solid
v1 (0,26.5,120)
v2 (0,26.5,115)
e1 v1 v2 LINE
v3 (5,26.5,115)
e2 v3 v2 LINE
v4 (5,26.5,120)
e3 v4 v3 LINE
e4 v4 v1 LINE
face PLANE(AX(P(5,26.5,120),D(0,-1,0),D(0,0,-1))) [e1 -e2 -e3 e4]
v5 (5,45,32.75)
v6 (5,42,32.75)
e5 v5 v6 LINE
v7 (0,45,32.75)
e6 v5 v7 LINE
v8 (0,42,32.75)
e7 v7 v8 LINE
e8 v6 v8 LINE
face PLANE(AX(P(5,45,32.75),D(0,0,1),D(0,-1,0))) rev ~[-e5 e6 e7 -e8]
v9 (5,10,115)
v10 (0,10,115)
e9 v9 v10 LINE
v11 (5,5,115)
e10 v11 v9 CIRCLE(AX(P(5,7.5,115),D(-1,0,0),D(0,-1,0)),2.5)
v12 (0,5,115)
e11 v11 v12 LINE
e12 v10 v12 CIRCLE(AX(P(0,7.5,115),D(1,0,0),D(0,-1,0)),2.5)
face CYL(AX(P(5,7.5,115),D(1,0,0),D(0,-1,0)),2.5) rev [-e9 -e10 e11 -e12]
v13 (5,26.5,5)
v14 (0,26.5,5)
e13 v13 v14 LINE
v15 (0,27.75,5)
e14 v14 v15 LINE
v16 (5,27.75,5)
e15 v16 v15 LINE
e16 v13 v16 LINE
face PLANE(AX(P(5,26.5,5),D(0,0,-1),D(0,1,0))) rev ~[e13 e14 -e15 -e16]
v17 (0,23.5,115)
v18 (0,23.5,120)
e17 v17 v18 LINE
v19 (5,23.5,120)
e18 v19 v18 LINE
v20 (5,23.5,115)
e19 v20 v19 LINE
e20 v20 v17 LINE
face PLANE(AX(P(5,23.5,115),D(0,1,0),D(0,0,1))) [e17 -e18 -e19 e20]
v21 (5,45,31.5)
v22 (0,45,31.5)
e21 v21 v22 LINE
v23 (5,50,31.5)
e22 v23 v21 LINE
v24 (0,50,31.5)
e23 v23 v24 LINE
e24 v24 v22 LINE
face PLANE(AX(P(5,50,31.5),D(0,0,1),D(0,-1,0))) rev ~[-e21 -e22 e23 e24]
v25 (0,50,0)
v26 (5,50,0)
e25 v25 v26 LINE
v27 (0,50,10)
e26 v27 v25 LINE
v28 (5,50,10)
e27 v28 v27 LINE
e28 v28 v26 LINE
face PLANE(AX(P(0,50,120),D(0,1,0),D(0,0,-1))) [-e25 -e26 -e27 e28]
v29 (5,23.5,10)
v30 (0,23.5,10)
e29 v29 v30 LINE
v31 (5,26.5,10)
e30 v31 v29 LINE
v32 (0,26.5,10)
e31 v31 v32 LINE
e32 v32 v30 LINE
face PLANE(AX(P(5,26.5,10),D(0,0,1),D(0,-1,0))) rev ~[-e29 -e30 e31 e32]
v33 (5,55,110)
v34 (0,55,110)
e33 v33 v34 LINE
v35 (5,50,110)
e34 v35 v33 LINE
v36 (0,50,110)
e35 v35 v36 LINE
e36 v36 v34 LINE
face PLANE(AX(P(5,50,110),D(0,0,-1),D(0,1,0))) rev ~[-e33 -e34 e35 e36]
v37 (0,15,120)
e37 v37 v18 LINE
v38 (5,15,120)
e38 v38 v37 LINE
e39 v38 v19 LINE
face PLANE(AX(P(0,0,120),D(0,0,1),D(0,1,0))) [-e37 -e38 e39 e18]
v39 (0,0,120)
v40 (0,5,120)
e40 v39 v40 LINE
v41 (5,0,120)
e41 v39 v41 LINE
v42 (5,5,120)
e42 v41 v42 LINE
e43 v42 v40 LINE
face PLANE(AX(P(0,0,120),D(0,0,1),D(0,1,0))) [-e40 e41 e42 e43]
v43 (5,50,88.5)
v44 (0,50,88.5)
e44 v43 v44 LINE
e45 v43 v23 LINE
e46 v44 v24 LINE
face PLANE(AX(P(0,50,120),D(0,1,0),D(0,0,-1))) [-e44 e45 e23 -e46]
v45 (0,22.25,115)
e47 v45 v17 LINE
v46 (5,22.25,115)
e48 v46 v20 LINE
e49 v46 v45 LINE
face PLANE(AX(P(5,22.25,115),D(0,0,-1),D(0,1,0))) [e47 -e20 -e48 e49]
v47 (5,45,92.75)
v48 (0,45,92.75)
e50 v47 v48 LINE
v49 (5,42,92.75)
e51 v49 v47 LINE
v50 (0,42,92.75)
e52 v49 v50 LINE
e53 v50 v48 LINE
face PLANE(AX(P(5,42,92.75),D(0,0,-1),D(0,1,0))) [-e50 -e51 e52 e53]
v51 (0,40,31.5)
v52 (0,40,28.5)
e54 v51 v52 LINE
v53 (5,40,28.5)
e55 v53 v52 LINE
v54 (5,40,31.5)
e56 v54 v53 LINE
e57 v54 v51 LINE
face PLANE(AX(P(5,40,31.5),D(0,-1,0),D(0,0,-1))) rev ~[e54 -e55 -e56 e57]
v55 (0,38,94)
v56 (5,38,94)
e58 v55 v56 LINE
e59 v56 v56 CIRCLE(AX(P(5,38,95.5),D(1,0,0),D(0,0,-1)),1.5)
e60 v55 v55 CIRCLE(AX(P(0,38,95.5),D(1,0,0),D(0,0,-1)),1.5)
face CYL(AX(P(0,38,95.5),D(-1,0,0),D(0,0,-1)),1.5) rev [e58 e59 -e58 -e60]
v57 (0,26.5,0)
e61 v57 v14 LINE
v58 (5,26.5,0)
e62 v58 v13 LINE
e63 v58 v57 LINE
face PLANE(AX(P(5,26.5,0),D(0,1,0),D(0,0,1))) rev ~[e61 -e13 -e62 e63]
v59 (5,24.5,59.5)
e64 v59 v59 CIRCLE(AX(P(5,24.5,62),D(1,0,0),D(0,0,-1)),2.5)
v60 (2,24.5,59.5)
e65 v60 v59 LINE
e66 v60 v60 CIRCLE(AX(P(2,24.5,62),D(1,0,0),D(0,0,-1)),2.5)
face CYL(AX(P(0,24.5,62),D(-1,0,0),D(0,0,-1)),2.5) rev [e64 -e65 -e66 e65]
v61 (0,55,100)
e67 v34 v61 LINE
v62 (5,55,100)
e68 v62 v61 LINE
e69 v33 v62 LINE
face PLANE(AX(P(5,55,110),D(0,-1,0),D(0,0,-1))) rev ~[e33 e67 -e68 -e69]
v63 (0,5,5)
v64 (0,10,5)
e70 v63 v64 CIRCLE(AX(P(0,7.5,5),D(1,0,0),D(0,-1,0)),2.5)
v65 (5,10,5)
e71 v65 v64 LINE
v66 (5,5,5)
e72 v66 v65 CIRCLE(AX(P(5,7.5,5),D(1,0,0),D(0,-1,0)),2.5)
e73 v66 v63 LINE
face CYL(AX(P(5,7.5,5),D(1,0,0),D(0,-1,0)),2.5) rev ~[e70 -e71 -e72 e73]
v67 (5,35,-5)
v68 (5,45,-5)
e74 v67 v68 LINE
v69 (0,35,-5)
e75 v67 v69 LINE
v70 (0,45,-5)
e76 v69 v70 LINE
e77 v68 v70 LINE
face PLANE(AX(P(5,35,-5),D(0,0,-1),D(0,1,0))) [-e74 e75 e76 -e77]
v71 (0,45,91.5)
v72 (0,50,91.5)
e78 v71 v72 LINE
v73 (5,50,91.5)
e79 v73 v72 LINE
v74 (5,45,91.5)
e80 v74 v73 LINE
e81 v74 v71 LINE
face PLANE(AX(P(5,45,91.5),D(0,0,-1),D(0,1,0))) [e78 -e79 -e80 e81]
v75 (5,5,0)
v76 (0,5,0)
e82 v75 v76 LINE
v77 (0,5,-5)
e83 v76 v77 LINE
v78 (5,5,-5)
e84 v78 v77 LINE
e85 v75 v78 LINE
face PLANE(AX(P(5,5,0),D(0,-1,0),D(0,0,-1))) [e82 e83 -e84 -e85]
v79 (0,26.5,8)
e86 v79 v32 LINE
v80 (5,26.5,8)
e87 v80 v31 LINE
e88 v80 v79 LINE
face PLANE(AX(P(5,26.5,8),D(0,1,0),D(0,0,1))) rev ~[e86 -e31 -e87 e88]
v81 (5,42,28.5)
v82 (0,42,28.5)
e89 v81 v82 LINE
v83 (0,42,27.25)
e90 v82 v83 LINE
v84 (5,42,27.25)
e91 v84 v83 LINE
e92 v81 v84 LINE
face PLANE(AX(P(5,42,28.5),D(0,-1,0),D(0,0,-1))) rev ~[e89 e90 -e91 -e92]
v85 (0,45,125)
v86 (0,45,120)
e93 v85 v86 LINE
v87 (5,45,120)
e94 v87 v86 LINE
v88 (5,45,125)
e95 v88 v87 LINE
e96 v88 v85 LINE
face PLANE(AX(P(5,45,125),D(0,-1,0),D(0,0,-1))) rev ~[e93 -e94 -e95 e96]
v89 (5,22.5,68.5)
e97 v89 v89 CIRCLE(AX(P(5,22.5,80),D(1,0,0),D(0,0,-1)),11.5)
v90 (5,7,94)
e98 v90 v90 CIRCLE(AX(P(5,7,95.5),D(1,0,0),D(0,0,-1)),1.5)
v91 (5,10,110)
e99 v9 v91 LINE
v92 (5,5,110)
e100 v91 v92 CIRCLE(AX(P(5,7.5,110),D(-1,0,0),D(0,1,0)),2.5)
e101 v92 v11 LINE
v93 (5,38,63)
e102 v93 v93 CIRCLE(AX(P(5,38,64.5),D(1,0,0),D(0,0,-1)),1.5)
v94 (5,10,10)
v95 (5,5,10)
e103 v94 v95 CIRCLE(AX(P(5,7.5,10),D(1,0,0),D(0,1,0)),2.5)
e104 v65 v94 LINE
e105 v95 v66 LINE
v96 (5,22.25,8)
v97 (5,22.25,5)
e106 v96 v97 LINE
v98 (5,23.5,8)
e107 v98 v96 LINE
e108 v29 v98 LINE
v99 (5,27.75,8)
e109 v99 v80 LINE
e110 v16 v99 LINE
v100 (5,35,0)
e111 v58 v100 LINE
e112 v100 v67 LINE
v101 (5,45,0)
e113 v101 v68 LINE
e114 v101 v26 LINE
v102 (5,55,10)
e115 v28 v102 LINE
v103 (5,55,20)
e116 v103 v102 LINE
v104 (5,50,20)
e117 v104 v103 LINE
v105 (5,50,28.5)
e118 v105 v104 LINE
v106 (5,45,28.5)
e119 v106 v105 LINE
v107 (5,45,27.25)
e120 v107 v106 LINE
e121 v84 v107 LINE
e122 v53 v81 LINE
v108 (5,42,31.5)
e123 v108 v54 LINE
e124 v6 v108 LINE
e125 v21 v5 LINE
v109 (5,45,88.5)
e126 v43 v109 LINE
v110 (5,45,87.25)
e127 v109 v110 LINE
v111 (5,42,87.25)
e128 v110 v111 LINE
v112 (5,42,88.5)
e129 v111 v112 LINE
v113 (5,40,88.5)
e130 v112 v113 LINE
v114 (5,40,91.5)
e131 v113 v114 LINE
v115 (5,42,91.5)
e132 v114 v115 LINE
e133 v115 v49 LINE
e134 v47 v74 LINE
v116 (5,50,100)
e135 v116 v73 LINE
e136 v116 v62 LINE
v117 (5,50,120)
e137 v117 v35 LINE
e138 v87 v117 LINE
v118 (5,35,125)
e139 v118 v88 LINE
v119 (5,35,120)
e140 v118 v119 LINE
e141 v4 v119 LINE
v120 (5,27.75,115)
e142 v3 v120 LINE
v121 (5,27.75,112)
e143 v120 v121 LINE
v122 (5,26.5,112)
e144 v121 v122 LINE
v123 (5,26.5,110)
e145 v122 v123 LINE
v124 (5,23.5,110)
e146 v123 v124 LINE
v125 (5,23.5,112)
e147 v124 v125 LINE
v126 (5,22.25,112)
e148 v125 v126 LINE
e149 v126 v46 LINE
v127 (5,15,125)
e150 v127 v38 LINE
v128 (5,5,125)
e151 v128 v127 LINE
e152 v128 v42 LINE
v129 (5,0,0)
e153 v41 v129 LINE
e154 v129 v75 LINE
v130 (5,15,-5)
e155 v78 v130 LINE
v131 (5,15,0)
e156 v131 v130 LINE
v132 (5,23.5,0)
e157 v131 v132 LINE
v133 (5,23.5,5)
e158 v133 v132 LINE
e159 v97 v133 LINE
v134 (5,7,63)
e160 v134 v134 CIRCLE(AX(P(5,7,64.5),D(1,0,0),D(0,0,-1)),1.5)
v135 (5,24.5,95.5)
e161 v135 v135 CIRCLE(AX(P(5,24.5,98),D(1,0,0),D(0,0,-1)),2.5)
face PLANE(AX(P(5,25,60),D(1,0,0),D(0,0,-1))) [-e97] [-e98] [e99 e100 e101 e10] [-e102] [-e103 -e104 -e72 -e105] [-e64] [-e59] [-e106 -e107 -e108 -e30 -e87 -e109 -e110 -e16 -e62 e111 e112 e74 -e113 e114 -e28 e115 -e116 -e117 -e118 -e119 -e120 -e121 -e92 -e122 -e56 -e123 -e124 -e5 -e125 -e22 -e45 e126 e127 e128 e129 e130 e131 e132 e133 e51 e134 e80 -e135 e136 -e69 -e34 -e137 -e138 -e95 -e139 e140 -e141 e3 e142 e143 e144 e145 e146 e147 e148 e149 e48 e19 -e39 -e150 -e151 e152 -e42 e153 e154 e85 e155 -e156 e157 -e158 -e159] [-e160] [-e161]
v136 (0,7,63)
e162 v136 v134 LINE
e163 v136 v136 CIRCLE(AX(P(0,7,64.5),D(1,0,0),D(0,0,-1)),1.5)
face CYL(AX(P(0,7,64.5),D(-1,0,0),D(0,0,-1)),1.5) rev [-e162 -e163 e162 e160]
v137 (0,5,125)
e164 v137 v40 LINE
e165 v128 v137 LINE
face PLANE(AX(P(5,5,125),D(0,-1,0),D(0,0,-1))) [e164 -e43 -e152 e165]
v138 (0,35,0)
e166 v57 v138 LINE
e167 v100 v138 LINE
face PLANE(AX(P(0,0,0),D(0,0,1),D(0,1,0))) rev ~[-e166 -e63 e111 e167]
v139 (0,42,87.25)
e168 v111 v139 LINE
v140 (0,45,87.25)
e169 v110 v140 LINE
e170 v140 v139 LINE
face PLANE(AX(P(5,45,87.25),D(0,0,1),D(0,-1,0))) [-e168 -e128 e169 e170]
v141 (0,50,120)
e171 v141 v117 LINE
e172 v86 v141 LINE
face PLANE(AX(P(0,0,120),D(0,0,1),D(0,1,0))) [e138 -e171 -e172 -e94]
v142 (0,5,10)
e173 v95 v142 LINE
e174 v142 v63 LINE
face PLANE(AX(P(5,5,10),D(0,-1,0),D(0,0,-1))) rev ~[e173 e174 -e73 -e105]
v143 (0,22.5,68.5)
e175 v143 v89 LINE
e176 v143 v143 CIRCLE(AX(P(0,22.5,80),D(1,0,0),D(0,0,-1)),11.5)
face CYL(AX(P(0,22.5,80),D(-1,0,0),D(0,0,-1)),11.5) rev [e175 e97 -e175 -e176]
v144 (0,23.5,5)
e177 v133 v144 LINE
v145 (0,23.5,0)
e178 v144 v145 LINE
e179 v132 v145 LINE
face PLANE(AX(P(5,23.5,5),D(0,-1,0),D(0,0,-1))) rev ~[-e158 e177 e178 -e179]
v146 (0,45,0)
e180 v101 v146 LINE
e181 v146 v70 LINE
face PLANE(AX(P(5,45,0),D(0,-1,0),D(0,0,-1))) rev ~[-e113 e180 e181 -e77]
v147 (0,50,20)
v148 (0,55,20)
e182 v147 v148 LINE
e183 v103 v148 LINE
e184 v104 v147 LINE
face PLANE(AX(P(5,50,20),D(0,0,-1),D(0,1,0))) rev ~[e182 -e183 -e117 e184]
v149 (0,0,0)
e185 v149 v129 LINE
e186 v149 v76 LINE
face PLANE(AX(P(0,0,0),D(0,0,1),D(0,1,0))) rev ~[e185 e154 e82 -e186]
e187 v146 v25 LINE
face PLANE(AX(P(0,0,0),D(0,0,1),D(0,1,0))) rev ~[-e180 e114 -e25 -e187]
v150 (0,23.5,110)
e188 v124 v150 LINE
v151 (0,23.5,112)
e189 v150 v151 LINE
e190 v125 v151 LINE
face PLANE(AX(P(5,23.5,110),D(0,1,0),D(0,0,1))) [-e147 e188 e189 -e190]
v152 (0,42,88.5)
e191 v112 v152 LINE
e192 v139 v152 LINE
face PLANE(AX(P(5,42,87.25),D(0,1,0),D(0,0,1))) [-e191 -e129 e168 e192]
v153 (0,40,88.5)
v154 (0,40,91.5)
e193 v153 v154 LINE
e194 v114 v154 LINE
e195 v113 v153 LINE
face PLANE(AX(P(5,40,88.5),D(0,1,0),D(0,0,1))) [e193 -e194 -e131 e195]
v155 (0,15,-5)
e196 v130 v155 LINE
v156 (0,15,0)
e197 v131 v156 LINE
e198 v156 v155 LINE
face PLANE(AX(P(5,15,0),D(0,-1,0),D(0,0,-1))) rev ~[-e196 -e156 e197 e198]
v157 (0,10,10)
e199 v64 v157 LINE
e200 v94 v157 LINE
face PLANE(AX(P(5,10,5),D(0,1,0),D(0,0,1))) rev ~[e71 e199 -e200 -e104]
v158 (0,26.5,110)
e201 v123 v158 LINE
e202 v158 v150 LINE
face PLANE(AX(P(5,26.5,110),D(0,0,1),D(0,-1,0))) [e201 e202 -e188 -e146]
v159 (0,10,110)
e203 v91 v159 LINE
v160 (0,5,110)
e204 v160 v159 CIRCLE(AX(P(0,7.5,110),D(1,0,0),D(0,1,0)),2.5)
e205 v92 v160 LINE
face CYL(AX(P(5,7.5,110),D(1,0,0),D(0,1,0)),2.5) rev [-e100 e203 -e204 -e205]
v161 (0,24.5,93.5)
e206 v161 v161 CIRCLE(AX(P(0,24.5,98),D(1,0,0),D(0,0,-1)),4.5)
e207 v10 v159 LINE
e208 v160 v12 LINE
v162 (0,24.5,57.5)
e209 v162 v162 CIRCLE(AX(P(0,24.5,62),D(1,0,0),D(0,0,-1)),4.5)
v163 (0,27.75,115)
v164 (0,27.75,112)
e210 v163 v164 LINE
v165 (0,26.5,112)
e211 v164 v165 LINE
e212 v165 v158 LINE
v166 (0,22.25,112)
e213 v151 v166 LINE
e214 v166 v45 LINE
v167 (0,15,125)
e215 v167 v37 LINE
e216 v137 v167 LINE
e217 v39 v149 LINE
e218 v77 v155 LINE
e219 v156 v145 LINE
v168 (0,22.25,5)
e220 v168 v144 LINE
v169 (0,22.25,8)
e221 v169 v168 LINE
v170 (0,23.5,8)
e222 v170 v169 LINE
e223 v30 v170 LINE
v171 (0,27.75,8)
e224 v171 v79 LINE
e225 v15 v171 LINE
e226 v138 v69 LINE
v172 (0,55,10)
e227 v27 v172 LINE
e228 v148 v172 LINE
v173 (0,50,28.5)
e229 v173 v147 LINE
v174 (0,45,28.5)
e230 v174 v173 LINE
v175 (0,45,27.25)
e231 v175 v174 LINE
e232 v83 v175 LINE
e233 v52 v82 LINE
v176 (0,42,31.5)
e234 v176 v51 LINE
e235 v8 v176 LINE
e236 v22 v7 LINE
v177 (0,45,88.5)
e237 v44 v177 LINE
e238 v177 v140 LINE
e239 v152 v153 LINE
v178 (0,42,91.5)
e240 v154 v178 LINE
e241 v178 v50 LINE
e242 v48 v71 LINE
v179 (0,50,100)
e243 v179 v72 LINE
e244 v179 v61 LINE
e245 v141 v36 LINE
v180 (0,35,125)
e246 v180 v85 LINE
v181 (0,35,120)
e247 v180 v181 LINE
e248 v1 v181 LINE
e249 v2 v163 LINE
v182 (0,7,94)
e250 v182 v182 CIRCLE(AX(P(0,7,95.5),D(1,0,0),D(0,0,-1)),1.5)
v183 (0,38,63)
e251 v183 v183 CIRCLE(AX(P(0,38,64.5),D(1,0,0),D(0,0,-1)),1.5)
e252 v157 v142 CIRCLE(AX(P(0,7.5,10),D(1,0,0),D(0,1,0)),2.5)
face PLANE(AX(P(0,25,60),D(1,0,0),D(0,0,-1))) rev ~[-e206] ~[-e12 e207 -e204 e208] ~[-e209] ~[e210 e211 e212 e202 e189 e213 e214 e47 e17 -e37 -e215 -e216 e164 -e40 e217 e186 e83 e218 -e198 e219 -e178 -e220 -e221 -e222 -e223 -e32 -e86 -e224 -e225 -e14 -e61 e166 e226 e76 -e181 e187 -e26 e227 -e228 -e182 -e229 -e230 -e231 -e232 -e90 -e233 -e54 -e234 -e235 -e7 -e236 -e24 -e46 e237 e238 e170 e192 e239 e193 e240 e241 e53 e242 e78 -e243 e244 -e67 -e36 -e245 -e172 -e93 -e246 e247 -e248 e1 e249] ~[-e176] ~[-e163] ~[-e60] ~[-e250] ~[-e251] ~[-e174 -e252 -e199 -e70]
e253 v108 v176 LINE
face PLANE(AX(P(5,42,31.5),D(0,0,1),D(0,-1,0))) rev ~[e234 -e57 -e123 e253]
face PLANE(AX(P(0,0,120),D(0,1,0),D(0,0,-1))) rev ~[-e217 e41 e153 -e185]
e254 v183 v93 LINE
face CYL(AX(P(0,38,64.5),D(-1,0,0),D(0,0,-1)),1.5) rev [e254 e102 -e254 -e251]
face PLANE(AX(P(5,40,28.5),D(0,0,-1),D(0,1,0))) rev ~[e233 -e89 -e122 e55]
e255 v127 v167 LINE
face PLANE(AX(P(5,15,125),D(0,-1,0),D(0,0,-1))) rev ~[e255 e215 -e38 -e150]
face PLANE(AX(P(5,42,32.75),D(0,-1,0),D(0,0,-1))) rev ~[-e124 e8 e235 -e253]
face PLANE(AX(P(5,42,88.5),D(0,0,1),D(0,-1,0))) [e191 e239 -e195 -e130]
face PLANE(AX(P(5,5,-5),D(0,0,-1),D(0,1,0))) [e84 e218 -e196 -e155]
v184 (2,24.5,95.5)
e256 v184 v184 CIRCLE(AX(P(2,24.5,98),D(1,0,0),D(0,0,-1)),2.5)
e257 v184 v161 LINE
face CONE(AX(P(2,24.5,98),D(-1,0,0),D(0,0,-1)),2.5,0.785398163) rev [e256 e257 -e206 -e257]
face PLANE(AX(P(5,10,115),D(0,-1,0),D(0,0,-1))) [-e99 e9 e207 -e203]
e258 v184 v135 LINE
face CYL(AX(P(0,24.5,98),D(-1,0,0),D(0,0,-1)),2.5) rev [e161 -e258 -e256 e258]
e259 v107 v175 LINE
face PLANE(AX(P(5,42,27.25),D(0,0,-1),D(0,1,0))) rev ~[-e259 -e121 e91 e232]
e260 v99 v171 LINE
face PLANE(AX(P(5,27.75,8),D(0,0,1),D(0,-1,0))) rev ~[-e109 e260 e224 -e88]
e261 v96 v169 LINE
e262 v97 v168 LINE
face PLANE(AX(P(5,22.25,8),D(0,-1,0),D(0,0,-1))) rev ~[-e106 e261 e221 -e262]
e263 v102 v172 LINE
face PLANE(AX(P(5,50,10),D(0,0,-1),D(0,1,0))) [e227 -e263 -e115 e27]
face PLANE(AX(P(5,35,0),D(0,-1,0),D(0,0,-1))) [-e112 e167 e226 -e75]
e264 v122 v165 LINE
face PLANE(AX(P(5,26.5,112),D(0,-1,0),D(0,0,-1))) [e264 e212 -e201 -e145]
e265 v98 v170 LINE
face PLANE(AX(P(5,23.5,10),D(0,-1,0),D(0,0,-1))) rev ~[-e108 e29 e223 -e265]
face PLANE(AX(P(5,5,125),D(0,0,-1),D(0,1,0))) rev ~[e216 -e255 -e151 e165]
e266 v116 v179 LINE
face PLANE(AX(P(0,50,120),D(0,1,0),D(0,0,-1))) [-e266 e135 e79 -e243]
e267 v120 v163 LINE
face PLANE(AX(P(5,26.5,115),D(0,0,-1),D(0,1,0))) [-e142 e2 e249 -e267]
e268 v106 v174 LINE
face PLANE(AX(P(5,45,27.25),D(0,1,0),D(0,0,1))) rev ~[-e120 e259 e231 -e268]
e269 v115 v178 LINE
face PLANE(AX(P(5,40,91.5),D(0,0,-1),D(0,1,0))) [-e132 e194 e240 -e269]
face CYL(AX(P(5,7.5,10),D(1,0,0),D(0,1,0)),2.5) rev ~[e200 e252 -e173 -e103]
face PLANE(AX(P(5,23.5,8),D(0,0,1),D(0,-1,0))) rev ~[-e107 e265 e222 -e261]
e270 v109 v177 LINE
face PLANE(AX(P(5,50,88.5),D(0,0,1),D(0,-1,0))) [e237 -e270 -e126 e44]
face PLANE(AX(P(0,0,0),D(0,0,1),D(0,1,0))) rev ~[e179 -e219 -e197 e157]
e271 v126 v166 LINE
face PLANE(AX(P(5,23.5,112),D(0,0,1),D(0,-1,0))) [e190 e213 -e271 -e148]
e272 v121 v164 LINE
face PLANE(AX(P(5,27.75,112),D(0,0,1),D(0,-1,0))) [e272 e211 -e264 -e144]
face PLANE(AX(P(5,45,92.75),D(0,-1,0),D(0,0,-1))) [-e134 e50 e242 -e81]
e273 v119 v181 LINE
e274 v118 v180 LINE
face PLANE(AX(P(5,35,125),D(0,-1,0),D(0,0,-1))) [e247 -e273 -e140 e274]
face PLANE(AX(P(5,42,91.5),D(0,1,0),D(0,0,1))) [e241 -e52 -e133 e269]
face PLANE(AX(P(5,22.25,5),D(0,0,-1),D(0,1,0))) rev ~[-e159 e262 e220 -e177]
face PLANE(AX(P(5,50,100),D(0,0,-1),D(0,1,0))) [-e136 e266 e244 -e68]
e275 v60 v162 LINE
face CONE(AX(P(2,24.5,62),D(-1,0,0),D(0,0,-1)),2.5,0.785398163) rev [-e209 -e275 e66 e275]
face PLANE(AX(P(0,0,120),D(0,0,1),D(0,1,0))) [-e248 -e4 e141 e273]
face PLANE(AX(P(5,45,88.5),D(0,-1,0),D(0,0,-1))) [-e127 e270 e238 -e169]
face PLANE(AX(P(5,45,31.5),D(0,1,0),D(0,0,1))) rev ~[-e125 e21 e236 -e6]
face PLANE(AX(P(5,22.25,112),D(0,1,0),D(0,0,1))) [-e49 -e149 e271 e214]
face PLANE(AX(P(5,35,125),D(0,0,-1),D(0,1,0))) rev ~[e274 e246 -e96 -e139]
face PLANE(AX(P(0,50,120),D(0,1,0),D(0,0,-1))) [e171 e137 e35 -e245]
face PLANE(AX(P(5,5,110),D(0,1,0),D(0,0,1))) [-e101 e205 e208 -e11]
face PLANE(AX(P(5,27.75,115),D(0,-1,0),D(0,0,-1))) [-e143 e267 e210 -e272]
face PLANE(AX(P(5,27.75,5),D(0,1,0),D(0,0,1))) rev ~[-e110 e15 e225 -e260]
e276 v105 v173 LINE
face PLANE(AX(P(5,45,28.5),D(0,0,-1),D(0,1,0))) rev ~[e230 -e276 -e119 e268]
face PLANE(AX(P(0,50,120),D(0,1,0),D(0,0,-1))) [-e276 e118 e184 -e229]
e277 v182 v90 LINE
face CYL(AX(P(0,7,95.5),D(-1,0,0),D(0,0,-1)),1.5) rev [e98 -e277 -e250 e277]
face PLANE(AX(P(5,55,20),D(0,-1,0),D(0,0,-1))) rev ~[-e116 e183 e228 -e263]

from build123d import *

# Parameters (mm, degrees)
SKETCH1_W           = 120
SKETCH1_H           = 50
SKETCH1_R           = 1.5
SKETCH1_R_2         = 11.5
SKETCH1_R_3         = 2.5
BOSS_EXTRUDE1_DEPTH = 5
CHAMFER1_SIZE       = 2
SKETCH2_W           = 5
SKETCH2_H           = 10
SKETCH2_W_2         = 10
SKETCH2_H_2         = 5
BOSS_EXTRUDE2_DEPTH = 5
CUT_EXTRUDE1_DEPTH  = 137.656503687


with BuildPart() as part:
    # Sketch1 → Boss-Extrude1 (new body)
    with BuildSketch(Plane(origin=(0, 0, 0), x_dir=(0, 0, -1), z_dir=(1, 0, 0))):
        with Locations((-60, 25)):
            Rectangle(SKETCH1_W, SKETCH1_H)
        with Locations((-95.5, 38)):
            Circle(SKETCH1_R, mode=Mode.SUBTRACT)
        with Locations((-64.5, 38)):
            Circle(SKETCH1_R, mode=Mode.SUBTRACT)
        with Locations((-64.5, 7)):
            Circle(SKETCH1_R, mode=Mode.SUBTRACT)
        with Locations((-95.5, 7)):
            Circle(SKETCH1_R, mode=Mode.SUBTRACT)
        with Locations((-80, 22.5)):
            Circle(SKETCH1_R_2, mode=Mode.SUBTRACT)
        with Locations((-98, 24.5)):
            Circle(SKETCH1_R_3, mode=Mode.SUBTRACT)
        with Locations((-62, 24.5)):
            Circle(SKETCH1_R_3, mode=Mode.SUBTRACT)
    extrude(amount=BOSS_EXTRUDE1_DEPTH)

    # Chamfer1
    chamfer1_edges = [part.edges().sort_by_distance(p)[0] for p in [
        (0, 24.5, 100.5),
        (0, 24.5, 64.5),
    ]]
    chamfer(chamfer1_edges, length=CHAMFER1_SIZE)

    # Sketch2 → Boss-Extrude2 (add)
    with BuildSketch(Plane(origin=(5, 0, 0), x_dir=(0, 0, -1), z_dir=(1, 0, 0))):
        with Locations((-122.5, 10)):
            Rectangle(SKETCH2_W, SKETCH2_H)
        with Locations((-122.5, 40)):
            Rectangle(SKETCH2_W, SKETCH2_H)
        with Locations((-105, 52.5)):
            Rectangle(SKETCH2_W_2, SKETCH2_H_2)
        with Locations((-15, 52.5)):
            Rectangle(SKETCH2_W_2, SKETCH2_H_2)
        with Locations((2.5, 40)):
            Rectangle(SKETCH2_W, SKETCH2_H)
        with Locations((2.5, 10)):
            Rectangle(SKETCH2_W, SKETCH2_H)
    extrude(amount=-BOSS_EXTRUDE2_DEPTH)

    # Sketch3 → Cut-Extrude1 (cut, through all)
    with BuildSketch(Plane(origin=(5, 0, 0), x_dir=(0, 0, -1), z_dir=(1, 0, 0))):
        Polygon((0, 26.5), (-5, 26.5), (-5, 27.75), (-8, 27.75), (-8, 26.5), (-10, 26.5), (-10, 23.5), (-8, 23.5), (-8, 22.25), (-5, 22.25), (-5, 23.5), (0, 23.5), align=None)
        Polygon((-120, 23.5), (-120, 26.5), (-115, 26.5), (-115, 27.75), (-112, 27.75), (-112, 26.5), (-110, 26.5), (-110, 23.5), (-112, 23.5), (-112, 22.25), (-115, 22.25), (-115, 23.5), align=None)
        Polygon((-31.5, 50), (-31.5, 45), (-32.75, 45), (-32.75, 42), (-31.5, 42), (-31.5, 40), (-28.5, 40), (-28.5, 42), (-27.25, 42), (-27.25, 45), (-28.5, 45), (-28.5, 50), align=None)
        Polygon((-91.5, 50), (-88.5, 50), (-88.5, 45), (-87.25, 45), (-87.25, 42), (-88.5, 42), (-88.5, 40), (-91.5, 40), (-91.5, 42), (-92.75, 42), (-92.75, 45), (-91.5, 45), align=None)
        with BuildLine():
            Line((-115, 10), (-110, 10))
            ThreePointArc((-110, 10), (-107.5, 7.5), (-110, 5))
            Line((-110, 5), (-115, 5))
            ThreePointArc((-115, 5), (-117.5, 7.5), (-115, 10))
        make_face()
        with BuildLine():
            Line((-5, 10), (-10, 10))
            ThreePointArc((-10, 10), (-12.5, 7.5), (-10, 5))
            Line((-10, 5), (-5, 5))
            ThreePointArc((-5, 5), (-2.5, 7.5), (-5, 10))
        make_face()
    extrude(amount=-CUT_EXTRUDE1_DEPTH, mode=Mode.SUBTRACT)


solid = part.part
